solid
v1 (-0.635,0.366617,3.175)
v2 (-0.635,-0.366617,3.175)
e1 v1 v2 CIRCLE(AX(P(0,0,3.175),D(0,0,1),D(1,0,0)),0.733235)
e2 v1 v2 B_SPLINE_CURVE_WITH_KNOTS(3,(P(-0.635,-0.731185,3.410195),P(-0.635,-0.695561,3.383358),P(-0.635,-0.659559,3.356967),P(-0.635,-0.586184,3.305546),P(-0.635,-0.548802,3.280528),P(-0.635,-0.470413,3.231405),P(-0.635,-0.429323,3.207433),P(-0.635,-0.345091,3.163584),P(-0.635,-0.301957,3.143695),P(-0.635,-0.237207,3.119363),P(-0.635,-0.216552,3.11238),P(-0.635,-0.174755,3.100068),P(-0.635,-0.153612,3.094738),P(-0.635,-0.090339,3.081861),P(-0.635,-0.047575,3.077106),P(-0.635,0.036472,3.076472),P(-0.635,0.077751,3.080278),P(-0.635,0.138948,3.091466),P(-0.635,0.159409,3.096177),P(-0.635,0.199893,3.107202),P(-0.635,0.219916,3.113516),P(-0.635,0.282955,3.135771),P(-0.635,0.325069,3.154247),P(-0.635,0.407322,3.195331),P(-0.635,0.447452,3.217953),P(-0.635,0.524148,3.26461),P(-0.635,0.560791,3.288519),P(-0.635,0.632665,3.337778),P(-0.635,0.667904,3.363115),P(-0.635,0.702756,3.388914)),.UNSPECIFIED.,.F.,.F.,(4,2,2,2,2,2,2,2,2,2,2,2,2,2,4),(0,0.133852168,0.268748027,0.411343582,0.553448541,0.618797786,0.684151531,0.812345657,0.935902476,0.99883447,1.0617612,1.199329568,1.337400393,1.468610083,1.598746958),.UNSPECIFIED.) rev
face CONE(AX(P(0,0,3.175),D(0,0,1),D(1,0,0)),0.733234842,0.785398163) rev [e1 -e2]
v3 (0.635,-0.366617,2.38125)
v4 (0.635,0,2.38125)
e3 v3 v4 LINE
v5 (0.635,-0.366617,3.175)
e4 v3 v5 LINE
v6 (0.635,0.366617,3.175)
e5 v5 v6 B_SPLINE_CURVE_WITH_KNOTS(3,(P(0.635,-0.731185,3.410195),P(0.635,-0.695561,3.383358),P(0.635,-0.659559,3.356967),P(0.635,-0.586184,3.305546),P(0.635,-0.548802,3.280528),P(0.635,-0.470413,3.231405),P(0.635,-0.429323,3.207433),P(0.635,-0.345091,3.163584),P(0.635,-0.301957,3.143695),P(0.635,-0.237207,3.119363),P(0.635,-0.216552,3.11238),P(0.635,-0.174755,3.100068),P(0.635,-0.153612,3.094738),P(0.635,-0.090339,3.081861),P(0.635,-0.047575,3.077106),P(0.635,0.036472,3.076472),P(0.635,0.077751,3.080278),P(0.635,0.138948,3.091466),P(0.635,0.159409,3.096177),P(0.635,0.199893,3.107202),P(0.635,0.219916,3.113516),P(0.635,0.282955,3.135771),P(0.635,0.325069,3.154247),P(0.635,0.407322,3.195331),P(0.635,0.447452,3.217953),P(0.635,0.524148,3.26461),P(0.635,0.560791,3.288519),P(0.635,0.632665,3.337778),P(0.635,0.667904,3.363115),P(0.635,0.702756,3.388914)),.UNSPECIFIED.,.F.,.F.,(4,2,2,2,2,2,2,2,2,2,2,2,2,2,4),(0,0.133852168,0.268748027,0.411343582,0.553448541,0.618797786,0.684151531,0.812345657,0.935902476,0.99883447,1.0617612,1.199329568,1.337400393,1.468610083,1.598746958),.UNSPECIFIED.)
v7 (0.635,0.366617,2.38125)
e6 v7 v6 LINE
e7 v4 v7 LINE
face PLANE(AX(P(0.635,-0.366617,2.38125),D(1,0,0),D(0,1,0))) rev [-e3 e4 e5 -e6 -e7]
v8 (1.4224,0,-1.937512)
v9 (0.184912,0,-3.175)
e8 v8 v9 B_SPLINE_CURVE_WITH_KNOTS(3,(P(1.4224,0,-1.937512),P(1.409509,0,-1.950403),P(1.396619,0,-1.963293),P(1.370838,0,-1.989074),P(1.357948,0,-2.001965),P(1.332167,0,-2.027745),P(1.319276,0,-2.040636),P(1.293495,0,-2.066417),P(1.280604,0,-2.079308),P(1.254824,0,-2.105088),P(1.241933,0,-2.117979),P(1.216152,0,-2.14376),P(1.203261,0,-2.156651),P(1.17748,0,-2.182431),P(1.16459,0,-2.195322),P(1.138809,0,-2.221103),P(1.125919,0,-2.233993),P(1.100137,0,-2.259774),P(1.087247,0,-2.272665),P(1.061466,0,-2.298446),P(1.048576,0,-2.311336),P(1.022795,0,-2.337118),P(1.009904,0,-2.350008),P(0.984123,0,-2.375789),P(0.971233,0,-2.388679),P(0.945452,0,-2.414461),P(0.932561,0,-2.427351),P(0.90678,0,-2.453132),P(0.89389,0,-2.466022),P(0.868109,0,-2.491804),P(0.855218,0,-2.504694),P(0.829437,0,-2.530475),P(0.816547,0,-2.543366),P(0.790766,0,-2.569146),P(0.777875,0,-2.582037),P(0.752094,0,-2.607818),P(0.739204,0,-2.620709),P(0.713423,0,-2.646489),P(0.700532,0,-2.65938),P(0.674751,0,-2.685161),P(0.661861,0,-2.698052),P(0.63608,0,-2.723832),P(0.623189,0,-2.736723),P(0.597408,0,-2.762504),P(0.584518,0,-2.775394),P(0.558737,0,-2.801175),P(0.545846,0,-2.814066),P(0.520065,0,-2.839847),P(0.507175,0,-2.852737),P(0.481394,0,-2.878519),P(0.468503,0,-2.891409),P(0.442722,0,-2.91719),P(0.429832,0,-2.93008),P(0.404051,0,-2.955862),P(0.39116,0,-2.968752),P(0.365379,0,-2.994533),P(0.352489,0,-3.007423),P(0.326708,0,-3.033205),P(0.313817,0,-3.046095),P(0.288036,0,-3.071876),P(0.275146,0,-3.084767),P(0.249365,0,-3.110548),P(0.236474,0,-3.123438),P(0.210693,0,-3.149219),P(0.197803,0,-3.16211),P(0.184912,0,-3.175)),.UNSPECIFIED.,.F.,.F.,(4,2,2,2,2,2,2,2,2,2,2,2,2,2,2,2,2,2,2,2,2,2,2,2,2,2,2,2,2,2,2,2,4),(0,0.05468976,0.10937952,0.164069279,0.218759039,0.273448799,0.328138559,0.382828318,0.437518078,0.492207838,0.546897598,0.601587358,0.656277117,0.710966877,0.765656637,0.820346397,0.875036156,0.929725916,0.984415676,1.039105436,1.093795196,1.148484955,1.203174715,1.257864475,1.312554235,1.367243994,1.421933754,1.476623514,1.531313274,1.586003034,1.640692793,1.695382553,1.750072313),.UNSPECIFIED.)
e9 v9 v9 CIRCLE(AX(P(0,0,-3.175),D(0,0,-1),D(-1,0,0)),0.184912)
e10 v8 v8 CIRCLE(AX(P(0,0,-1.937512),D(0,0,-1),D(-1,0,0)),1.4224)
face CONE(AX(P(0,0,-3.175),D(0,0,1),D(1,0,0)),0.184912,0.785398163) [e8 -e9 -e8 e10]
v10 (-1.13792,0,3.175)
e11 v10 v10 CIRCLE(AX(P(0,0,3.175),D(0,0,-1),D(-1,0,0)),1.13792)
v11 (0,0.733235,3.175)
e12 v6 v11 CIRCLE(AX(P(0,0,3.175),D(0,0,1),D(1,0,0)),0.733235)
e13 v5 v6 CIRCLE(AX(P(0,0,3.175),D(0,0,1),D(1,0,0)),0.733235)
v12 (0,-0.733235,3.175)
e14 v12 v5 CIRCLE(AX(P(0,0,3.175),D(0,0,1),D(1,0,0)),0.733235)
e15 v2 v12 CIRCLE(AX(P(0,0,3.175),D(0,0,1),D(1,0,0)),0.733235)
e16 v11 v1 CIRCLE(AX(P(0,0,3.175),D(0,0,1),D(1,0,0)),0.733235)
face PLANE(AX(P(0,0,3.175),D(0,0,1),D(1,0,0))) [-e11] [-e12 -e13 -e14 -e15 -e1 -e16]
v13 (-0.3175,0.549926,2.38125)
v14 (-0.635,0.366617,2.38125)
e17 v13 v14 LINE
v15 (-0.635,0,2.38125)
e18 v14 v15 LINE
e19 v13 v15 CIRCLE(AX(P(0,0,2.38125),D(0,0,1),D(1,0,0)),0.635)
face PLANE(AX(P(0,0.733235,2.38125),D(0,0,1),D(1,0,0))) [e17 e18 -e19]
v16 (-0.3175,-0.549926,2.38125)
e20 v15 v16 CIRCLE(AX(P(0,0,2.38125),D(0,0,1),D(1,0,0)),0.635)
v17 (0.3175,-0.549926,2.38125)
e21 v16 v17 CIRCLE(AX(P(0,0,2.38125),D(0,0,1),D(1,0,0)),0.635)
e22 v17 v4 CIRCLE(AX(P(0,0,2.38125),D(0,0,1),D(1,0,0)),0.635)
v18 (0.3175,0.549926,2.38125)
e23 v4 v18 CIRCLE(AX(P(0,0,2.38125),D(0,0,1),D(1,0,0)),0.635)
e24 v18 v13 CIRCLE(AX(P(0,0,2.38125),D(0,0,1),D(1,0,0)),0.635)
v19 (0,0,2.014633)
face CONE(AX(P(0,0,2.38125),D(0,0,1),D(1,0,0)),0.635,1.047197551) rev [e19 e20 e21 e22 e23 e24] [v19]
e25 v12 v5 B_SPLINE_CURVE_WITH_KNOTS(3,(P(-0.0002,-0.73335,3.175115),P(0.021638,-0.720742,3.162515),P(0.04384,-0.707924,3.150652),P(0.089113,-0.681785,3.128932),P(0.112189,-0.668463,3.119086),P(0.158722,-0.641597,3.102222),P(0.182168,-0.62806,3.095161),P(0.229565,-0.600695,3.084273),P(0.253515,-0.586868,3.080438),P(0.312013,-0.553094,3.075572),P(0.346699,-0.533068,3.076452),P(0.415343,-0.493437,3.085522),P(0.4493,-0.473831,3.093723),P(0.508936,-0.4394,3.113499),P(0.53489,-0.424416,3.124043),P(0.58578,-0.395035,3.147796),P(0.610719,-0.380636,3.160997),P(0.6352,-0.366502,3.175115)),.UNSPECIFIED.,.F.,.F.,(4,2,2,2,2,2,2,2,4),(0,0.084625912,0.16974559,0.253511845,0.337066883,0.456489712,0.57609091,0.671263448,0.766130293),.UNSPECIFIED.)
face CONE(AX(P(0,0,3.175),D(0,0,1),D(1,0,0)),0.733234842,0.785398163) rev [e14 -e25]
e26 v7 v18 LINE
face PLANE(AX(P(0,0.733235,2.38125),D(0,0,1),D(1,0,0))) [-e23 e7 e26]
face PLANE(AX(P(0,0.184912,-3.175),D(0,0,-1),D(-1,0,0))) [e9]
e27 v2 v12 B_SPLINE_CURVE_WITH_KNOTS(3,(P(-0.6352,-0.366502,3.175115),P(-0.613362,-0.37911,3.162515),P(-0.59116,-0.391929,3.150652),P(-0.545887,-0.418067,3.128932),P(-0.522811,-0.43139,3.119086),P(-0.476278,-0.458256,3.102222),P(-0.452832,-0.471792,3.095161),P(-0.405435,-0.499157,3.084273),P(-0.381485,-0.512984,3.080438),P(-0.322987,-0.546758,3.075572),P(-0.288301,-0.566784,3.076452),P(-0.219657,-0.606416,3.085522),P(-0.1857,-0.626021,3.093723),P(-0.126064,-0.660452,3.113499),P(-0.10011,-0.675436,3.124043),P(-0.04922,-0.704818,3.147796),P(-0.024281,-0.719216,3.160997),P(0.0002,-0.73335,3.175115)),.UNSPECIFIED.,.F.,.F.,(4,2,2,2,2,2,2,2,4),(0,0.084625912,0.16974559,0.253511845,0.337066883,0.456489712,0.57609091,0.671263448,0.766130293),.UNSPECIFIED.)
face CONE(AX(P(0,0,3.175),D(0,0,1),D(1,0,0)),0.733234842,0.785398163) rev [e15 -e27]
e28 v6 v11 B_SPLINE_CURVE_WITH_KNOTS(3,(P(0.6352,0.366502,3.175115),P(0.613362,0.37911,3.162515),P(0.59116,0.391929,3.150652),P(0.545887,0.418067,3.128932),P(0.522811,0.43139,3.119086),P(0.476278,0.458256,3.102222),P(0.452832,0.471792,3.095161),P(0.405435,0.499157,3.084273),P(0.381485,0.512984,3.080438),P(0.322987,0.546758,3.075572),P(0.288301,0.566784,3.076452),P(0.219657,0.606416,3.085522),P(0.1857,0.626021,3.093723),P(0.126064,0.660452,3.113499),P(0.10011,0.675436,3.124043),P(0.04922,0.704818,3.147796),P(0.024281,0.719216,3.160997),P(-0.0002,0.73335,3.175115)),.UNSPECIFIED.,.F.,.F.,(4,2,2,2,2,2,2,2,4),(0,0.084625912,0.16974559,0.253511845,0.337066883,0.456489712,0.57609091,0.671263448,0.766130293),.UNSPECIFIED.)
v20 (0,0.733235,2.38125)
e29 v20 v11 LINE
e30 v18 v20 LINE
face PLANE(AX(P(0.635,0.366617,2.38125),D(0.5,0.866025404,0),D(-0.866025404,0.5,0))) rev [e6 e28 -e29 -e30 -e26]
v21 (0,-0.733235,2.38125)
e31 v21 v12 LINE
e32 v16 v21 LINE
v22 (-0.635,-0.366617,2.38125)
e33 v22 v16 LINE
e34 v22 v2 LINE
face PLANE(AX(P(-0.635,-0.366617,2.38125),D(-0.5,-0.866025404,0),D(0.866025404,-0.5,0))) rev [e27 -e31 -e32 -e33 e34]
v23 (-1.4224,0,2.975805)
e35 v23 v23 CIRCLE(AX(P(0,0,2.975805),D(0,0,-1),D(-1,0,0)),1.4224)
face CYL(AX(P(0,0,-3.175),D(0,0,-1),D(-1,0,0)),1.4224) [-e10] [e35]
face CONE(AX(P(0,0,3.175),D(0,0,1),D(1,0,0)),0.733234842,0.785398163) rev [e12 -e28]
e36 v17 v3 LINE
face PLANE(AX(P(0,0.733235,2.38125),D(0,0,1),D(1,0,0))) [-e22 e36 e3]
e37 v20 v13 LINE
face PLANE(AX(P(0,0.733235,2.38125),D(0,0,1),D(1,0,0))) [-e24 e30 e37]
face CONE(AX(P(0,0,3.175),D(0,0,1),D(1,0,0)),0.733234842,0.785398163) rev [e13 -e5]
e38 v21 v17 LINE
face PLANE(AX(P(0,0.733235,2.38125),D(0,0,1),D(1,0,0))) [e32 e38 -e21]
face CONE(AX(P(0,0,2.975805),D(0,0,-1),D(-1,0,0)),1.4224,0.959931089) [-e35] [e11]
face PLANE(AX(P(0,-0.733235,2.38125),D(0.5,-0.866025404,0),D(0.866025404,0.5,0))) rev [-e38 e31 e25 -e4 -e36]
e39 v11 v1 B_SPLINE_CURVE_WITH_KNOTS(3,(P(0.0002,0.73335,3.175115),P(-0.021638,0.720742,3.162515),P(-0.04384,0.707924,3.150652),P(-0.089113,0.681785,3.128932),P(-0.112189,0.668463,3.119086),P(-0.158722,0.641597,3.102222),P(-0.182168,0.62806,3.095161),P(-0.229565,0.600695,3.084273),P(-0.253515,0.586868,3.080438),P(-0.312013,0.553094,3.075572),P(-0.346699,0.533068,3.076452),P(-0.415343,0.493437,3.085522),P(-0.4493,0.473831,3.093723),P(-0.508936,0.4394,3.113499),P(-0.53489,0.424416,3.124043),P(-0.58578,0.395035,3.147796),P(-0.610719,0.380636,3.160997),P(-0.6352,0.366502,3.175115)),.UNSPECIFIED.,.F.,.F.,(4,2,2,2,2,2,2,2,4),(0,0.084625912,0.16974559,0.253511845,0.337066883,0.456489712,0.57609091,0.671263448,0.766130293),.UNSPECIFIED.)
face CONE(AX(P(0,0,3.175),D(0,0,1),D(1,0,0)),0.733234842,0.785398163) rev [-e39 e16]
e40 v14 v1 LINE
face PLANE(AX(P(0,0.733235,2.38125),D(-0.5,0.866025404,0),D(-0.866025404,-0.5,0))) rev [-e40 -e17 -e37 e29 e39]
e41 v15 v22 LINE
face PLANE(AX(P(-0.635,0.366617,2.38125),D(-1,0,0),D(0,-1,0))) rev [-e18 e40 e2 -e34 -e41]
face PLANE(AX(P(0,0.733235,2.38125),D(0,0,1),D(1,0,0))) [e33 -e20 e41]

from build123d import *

# Parameters (mm, degrees)
CUT_EXTRUDE10_DEPTH = 0.79375


with BuildPart() as part:
    # Sketch22 → Revolve1 (revolve)
    with BuildSketch(Plane(origin=(0, 0, 0), x_dir=(0, 0, -1), z_dir=(1, 0, 0))):
        Polygon((-3.175, 0), (-3.175, 1.13792), (-2.97580496, 1.4224), (1.937512, 1.4224), (3.175, 0.184912), (3.175, 0), align=None)
    revolve(axis=Axis((0, 0, -3.175), (0, 0, 1)))

    # Sketch23 → Cut-Extrude10 (cut)
    with BuildSketch(Plane.XY.offset(3.175)):
        Polygon((0, 0.733234842), (-0.635, 0.366617421), (-0.635, -0.366617421), (0, -0.733234842), (0.635, -0.366617421), (0.635, 0.366617421), align=None)
    extrude(amount=-CUT_EXTRUDE10_DEPTH, mode=Mode.SUBTRACT)

    # Cut-Extrude11 cone 1 section (through the dimple's axis) → Cut-Extrude11 (revolve, cut)
    with BuildSketch(Plane(origin=(0, 0, 3.175), x_dir=(0, -1, 0), z_dir=(1, 0, 0))):
        Polygon((0, 0), (0.733234842, 0), (0, 0.733234842), align=None)
    revolve(axis=Axis((0, 0, 3.175), (0, 0, -1)), mode=Mode.SUBTRACT)

    # Cut-Extrude12 cone 1 section (through the dimple's axis) → Cut-Extrude12 (revolve, cut)
    with BuildSketch(Plane(origin=(0, 0, 2.38125), x_dir=(0, -1, 0), z_dir=(1, 0, 0))):
        Polygon((0, 0), (0.635, 0), (0, 0.366617421), align=None)
    revolve(axis=Axis((0, 0, 2.38125), (0, 0, -1)), mode=Mode.SUBTRACT)


solid = part.part
